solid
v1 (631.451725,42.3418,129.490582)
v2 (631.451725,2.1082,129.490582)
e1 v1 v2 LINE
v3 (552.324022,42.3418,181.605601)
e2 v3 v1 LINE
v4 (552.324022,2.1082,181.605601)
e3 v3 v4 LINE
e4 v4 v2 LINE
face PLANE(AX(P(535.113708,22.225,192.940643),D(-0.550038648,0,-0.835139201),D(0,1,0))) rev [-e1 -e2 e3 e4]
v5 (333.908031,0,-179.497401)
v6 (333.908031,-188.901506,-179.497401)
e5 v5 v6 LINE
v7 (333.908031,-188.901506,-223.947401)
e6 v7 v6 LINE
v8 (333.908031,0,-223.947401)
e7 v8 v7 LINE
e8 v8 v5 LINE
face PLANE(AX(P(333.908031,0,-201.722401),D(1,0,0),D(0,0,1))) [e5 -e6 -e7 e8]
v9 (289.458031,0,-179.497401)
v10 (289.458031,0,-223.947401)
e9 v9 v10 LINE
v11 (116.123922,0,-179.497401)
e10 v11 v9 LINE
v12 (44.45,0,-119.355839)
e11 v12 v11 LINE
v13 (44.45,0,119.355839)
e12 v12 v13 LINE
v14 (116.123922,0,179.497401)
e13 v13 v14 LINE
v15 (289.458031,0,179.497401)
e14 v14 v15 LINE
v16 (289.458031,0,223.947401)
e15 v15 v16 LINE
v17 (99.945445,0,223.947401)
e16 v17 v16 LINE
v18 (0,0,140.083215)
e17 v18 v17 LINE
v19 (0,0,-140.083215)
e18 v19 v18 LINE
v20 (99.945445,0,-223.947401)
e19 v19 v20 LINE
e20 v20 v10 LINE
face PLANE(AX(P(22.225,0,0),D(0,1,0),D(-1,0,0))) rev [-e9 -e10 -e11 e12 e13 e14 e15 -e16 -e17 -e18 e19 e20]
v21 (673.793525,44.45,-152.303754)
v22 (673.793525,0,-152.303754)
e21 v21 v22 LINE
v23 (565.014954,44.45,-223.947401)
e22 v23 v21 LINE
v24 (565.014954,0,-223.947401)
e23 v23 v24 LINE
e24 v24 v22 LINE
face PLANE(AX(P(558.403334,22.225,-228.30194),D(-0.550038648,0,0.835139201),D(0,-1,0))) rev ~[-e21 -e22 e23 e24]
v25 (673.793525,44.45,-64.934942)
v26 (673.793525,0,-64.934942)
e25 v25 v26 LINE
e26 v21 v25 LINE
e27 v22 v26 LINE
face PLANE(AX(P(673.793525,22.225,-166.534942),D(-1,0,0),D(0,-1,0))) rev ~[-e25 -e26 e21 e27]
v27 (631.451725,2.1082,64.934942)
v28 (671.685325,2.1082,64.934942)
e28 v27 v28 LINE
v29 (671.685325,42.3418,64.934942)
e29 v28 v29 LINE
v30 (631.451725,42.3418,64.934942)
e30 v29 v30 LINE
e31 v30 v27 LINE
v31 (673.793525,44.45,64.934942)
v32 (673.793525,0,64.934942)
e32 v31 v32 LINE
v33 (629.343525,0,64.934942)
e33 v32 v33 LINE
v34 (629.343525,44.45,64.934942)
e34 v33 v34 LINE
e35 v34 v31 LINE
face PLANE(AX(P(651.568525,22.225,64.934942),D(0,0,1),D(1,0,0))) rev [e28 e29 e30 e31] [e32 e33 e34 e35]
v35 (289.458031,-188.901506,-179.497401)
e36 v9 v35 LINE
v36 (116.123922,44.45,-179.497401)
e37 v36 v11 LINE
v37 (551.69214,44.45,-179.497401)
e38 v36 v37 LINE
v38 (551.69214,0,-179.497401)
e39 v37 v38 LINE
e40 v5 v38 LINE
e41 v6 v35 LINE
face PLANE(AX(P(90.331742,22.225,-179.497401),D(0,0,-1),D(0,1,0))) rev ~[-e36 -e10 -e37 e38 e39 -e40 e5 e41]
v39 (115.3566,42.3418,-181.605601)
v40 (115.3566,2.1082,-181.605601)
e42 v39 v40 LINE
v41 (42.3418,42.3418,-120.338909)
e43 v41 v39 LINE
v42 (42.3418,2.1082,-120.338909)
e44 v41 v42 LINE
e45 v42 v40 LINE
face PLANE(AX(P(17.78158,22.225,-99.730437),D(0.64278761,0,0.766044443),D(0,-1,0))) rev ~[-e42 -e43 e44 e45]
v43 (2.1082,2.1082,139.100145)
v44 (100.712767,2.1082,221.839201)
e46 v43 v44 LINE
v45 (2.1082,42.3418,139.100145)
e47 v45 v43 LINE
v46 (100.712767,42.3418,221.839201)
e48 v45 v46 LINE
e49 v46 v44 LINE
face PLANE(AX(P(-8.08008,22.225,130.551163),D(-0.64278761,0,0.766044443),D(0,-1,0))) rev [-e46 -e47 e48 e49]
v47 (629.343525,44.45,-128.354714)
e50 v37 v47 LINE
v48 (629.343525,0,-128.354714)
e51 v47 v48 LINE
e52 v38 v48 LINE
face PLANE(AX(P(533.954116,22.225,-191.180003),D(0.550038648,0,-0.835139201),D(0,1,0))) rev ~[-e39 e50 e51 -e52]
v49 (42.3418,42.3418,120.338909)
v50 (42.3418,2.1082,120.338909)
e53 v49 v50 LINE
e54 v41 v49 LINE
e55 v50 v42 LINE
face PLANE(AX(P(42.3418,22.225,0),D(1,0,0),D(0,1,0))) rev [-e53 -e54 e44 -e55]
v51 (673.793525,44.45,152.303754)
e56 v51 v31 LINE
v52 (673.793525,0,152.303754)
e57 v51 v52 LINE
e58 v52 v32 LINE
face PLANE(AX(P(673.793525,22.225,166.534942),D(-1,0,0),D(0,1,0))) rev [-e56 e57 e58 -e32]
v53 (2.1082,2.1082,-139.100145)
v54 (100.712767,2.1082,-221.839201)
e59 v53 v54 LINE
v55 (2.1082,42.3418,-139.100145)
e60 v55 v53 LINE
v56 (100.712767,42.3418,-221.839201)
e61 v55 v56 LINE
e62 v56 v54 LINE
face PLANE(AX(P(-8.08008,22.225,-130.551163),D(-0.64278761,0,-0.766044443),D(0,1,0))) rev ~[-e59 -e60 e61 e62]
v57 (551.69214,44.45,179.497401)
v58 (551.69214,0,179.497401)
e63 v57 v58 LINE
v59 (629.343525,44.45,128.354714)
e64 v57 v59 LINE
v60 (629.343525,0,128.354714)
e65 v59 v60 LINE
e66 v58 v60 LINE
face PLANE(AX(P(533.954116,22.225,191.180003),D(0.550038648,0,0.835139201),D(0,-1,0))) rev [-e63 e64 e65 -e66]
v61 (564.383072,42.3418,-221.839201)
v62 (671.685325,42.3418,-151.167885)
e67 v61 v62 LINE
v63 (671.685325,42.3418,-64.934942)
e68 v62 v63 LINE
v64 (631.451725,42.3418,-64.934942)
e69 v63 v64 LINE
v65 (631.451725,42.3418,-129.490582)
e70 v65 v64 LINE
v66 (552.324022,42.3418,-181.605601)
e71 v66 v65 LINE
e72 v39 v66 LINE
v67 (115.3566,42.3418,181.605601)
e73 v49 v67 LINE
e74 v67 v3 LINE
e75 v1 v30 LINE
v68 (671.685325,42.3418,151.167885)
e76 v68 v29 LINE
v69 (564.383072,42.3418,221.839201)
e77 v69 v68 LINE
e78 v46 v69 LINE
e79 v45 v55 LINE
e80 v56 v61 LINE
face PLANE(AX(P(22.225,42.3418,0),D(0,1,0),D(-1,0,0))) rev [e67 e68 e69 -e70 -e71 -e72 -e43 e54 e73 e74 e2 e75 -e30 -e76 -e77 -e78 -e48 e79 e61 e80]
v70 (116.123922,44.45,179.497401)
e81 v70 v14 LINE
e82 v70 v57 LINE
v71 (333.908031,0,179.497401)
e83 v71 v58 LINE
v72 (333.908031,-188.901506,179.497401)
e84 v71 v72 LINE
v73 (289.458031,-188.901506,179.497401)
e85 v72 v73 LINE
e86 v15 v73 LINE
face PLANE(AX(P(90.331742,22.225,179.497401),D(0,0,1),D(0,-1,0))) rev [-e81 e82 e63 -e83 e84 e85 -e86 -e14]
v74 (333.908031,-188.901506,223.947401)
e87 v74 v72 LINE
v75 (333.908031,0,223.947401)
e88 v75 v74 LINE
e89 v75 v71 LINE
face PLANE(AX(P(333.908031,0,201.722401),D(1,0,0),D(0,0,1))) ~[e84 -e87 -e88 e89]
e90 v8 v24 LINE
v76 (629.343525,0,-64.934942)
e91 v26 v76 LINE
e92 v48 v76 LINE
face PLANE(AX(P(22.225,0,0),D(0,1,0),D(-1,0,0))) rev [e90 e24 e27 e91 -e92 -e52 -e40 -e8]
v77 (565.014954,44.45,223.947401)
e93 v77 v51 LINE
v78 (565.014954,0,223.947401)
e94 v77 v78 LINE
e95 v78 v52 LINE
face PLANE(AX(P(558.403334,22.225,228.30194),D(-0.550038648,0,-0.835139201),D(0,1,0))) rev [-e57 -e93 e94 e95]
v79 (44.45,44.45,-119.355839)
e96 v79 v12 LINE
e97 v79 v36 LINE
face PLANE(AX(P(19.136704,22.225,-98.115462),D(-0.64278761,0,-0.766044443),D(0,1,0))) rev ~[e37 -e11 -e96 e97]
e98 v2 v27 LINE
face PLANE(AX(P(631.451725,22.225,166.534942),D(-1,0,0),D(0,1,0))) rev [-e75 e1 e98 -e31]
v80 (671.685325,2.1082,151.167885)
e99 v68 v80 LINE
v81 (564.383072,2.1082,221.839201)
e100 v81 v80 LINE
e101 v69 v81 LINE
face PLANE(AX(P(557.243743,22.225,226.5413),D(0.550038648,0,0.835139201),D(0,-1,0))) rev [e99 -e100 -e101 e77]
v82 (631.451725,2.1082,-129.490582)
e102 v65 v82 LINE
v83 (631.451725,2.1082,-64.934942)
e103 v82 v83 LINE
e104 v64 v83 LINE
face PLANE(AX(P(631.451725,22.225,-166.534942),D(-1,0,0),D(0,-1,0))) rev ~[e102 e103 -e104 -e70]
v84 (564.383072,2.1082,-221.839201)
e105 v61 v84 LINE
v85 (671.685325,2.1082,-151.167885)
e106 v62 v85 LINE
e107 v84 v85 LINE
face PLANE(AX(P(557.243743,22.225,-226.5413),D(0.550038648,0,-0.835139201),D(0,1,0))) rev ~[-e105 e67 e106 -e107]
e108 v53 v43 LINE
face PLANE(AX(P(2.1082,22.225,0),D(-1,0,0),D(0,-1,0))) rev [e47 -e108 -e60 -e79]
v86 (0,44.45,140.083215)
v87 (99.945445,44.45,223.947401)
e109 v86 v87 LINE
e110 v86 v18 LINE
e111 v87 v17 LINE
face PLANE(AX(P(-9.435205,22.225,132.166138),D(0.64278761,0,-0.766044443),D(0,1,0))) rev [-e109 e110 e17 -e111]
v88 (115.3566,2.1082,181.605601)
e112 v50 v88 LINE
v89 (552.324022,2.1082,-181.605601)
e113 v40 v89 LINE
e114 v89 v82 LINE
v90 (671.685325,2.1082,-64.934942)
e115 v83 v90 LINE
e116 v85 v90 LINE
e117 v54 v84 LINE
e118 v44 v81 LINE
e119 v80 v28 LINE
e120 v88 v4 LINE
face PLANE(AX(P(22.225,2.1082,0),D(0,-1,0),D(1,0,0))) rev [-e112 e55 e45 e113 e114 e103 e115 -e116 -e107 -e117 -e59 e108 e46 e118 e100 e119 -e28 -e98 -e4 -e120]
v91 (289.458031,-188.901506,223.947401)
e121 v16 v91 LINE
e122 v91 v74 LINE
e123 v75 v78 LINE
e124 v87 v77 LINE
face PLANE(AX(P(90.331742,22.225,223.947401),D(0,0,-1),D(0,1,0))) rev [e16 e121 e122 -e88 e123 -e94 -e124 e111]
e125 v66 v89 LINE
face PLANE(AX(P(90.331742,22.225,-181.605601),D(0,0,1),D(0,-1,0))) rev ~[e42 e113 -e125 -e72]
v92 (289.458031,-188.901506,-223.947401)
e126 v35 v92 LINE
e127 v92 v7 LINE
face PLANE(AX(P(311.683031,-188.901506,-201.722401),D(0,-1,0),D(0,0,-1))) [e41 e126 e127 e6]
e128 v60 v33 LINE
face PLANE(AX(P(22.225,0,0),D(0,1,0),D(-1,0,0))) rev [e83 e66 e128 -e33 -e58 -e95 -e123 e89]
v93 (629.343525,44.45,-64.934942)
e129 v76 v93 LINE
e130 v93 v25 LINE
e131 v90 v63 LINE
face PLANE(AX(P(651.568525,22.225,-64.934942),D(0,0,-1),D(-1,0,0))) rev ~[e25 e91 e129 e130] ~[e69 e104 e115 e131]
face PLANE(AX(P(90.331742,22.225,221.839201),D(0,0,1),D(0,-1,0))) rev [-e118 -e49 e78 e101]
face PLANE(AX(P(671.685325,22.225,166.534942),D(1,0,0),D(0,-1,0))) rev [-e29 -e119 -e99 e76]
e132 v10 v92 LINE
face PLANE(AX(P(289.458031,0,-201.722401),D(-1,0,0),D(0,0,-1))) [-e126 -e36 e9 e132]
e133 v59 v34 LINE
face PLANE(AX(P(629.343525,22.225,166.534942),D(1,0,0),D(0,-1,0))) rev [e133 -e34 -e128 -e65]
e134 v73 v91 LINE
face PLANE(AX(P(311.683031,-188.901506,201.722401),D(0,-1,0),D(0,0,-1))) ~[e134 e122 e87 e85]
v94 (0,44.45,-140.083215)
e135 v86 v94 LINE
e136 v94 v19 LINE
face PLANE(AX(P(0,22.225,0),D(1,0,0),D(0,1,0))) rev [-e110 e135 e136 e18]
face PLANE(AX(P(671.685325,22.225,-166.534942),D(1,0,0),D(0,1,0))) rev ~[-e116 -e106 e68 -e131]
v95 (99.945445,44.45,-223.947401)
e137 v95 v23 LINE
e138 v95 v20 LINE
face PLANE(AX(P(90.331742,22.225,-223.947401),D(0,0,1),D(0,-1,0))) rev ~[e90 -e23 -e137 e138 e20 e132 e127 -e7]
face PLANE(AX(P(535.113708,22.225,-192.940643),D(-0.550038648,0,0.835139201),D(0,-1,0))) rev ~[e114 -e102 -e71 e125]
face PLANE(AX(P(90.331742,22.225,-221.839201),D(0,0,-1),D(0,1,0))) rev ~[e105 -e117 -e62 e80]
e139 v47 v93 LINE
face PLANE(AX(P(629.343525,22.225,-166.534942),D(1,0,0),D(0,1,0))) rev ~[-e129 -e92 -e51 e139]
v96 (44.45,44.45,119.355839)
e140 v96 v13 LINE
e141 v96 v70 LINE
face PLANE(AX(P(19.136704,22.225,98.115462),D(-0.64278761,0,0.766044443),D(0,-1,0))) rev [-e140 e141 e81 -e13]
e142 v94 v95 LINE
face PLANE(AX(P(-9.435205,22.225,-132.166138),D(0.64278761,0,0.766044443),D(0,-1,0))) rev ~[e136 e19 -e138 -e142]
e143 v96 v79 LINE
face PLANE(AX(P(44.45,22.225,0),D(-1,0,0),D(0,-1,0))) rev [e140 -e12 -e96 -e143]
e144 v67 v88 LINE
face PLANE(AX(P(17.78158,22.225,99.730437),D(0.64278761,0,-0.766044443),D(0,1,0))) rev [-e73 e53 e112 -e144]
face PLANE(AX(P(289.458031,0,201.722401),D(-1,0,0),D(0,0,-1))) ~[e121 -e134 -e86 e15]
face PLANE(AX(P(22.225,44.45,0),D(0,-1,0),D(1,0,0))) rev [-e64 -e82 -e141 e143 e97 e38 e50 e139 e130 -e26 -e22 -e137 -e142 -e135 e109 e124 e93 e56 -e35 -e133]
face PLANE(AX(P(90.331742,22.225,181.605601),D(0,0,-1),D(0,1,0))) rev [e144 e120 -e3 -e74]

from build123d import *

# Parameters (mm, degrees)
F0_W   = 44.45
F0_H   = 44.45
F0_W_2 = 40.2336
F0_H_2 = 40.2336
F4_W   = 44.45
F4_H   = 44.45


with BuildPart() as f2:
    # F2: sweep along a path in F1
    with BuildLine(Plane.XZ) as f2_path:
        Line((-26.4134310049, 0), (-26.4134310049, -152.4))
        Line((-26.4134310049, -152.4), (90.3317421264, -250.3608317162))
        Line((90.3317421264, -250.3608317162), (572.9317421264, -250.3608317162))
        Line((572.9317421264, -250.3608317162), (700.2069564241, -166.5349417689))
        Line((700.2069564241, -166.5349417689), (700.2069564241, -64.9349417689))
    # F0 (on Top) → F2 (sweep)
    with BuildSketch(Plane.XY):
        with Locations((22.225, 22.225)):
            Rectangle(F0_W, F0_H)
        with Locations((22.225, 22.225)):
            Rectangle(F0_W_2, F0_H_2, mode=Mode.SUBTRACT)
    sweep(path=f2_path.line, transition=Transition.RIGHT)

    # F3: F2 across plane


with BuildPart() as f2_1:
    add(f2.part)
    add(f2.part.mirror(Plane.XY))

    # F6: sweep along a path in F5
    with BuildLine(Plane(origin=(0, 0, -223.9474007113), x_dir=(1, 0, 0), z_dir=(0, 0, -1))) as f6_path:
        Line((310.839508958, 21.8996291945), (310.839508958, 210.8011354046))
    # F4 (on face) → F6 (sweep)
    with BuildSketch(Plane.XZ):
        with Locations((311.6830310474, -201.7224007113)):
            Rectangle(F4_W, F4_H)
    sweep(path=f6_path.line)

    # F7: F2 across plane


with BuildPart() as f2_2:
    add(f2_1.part)
    add(f2_1.part.mirror(Plane.XY))


solid = f2_2.part
